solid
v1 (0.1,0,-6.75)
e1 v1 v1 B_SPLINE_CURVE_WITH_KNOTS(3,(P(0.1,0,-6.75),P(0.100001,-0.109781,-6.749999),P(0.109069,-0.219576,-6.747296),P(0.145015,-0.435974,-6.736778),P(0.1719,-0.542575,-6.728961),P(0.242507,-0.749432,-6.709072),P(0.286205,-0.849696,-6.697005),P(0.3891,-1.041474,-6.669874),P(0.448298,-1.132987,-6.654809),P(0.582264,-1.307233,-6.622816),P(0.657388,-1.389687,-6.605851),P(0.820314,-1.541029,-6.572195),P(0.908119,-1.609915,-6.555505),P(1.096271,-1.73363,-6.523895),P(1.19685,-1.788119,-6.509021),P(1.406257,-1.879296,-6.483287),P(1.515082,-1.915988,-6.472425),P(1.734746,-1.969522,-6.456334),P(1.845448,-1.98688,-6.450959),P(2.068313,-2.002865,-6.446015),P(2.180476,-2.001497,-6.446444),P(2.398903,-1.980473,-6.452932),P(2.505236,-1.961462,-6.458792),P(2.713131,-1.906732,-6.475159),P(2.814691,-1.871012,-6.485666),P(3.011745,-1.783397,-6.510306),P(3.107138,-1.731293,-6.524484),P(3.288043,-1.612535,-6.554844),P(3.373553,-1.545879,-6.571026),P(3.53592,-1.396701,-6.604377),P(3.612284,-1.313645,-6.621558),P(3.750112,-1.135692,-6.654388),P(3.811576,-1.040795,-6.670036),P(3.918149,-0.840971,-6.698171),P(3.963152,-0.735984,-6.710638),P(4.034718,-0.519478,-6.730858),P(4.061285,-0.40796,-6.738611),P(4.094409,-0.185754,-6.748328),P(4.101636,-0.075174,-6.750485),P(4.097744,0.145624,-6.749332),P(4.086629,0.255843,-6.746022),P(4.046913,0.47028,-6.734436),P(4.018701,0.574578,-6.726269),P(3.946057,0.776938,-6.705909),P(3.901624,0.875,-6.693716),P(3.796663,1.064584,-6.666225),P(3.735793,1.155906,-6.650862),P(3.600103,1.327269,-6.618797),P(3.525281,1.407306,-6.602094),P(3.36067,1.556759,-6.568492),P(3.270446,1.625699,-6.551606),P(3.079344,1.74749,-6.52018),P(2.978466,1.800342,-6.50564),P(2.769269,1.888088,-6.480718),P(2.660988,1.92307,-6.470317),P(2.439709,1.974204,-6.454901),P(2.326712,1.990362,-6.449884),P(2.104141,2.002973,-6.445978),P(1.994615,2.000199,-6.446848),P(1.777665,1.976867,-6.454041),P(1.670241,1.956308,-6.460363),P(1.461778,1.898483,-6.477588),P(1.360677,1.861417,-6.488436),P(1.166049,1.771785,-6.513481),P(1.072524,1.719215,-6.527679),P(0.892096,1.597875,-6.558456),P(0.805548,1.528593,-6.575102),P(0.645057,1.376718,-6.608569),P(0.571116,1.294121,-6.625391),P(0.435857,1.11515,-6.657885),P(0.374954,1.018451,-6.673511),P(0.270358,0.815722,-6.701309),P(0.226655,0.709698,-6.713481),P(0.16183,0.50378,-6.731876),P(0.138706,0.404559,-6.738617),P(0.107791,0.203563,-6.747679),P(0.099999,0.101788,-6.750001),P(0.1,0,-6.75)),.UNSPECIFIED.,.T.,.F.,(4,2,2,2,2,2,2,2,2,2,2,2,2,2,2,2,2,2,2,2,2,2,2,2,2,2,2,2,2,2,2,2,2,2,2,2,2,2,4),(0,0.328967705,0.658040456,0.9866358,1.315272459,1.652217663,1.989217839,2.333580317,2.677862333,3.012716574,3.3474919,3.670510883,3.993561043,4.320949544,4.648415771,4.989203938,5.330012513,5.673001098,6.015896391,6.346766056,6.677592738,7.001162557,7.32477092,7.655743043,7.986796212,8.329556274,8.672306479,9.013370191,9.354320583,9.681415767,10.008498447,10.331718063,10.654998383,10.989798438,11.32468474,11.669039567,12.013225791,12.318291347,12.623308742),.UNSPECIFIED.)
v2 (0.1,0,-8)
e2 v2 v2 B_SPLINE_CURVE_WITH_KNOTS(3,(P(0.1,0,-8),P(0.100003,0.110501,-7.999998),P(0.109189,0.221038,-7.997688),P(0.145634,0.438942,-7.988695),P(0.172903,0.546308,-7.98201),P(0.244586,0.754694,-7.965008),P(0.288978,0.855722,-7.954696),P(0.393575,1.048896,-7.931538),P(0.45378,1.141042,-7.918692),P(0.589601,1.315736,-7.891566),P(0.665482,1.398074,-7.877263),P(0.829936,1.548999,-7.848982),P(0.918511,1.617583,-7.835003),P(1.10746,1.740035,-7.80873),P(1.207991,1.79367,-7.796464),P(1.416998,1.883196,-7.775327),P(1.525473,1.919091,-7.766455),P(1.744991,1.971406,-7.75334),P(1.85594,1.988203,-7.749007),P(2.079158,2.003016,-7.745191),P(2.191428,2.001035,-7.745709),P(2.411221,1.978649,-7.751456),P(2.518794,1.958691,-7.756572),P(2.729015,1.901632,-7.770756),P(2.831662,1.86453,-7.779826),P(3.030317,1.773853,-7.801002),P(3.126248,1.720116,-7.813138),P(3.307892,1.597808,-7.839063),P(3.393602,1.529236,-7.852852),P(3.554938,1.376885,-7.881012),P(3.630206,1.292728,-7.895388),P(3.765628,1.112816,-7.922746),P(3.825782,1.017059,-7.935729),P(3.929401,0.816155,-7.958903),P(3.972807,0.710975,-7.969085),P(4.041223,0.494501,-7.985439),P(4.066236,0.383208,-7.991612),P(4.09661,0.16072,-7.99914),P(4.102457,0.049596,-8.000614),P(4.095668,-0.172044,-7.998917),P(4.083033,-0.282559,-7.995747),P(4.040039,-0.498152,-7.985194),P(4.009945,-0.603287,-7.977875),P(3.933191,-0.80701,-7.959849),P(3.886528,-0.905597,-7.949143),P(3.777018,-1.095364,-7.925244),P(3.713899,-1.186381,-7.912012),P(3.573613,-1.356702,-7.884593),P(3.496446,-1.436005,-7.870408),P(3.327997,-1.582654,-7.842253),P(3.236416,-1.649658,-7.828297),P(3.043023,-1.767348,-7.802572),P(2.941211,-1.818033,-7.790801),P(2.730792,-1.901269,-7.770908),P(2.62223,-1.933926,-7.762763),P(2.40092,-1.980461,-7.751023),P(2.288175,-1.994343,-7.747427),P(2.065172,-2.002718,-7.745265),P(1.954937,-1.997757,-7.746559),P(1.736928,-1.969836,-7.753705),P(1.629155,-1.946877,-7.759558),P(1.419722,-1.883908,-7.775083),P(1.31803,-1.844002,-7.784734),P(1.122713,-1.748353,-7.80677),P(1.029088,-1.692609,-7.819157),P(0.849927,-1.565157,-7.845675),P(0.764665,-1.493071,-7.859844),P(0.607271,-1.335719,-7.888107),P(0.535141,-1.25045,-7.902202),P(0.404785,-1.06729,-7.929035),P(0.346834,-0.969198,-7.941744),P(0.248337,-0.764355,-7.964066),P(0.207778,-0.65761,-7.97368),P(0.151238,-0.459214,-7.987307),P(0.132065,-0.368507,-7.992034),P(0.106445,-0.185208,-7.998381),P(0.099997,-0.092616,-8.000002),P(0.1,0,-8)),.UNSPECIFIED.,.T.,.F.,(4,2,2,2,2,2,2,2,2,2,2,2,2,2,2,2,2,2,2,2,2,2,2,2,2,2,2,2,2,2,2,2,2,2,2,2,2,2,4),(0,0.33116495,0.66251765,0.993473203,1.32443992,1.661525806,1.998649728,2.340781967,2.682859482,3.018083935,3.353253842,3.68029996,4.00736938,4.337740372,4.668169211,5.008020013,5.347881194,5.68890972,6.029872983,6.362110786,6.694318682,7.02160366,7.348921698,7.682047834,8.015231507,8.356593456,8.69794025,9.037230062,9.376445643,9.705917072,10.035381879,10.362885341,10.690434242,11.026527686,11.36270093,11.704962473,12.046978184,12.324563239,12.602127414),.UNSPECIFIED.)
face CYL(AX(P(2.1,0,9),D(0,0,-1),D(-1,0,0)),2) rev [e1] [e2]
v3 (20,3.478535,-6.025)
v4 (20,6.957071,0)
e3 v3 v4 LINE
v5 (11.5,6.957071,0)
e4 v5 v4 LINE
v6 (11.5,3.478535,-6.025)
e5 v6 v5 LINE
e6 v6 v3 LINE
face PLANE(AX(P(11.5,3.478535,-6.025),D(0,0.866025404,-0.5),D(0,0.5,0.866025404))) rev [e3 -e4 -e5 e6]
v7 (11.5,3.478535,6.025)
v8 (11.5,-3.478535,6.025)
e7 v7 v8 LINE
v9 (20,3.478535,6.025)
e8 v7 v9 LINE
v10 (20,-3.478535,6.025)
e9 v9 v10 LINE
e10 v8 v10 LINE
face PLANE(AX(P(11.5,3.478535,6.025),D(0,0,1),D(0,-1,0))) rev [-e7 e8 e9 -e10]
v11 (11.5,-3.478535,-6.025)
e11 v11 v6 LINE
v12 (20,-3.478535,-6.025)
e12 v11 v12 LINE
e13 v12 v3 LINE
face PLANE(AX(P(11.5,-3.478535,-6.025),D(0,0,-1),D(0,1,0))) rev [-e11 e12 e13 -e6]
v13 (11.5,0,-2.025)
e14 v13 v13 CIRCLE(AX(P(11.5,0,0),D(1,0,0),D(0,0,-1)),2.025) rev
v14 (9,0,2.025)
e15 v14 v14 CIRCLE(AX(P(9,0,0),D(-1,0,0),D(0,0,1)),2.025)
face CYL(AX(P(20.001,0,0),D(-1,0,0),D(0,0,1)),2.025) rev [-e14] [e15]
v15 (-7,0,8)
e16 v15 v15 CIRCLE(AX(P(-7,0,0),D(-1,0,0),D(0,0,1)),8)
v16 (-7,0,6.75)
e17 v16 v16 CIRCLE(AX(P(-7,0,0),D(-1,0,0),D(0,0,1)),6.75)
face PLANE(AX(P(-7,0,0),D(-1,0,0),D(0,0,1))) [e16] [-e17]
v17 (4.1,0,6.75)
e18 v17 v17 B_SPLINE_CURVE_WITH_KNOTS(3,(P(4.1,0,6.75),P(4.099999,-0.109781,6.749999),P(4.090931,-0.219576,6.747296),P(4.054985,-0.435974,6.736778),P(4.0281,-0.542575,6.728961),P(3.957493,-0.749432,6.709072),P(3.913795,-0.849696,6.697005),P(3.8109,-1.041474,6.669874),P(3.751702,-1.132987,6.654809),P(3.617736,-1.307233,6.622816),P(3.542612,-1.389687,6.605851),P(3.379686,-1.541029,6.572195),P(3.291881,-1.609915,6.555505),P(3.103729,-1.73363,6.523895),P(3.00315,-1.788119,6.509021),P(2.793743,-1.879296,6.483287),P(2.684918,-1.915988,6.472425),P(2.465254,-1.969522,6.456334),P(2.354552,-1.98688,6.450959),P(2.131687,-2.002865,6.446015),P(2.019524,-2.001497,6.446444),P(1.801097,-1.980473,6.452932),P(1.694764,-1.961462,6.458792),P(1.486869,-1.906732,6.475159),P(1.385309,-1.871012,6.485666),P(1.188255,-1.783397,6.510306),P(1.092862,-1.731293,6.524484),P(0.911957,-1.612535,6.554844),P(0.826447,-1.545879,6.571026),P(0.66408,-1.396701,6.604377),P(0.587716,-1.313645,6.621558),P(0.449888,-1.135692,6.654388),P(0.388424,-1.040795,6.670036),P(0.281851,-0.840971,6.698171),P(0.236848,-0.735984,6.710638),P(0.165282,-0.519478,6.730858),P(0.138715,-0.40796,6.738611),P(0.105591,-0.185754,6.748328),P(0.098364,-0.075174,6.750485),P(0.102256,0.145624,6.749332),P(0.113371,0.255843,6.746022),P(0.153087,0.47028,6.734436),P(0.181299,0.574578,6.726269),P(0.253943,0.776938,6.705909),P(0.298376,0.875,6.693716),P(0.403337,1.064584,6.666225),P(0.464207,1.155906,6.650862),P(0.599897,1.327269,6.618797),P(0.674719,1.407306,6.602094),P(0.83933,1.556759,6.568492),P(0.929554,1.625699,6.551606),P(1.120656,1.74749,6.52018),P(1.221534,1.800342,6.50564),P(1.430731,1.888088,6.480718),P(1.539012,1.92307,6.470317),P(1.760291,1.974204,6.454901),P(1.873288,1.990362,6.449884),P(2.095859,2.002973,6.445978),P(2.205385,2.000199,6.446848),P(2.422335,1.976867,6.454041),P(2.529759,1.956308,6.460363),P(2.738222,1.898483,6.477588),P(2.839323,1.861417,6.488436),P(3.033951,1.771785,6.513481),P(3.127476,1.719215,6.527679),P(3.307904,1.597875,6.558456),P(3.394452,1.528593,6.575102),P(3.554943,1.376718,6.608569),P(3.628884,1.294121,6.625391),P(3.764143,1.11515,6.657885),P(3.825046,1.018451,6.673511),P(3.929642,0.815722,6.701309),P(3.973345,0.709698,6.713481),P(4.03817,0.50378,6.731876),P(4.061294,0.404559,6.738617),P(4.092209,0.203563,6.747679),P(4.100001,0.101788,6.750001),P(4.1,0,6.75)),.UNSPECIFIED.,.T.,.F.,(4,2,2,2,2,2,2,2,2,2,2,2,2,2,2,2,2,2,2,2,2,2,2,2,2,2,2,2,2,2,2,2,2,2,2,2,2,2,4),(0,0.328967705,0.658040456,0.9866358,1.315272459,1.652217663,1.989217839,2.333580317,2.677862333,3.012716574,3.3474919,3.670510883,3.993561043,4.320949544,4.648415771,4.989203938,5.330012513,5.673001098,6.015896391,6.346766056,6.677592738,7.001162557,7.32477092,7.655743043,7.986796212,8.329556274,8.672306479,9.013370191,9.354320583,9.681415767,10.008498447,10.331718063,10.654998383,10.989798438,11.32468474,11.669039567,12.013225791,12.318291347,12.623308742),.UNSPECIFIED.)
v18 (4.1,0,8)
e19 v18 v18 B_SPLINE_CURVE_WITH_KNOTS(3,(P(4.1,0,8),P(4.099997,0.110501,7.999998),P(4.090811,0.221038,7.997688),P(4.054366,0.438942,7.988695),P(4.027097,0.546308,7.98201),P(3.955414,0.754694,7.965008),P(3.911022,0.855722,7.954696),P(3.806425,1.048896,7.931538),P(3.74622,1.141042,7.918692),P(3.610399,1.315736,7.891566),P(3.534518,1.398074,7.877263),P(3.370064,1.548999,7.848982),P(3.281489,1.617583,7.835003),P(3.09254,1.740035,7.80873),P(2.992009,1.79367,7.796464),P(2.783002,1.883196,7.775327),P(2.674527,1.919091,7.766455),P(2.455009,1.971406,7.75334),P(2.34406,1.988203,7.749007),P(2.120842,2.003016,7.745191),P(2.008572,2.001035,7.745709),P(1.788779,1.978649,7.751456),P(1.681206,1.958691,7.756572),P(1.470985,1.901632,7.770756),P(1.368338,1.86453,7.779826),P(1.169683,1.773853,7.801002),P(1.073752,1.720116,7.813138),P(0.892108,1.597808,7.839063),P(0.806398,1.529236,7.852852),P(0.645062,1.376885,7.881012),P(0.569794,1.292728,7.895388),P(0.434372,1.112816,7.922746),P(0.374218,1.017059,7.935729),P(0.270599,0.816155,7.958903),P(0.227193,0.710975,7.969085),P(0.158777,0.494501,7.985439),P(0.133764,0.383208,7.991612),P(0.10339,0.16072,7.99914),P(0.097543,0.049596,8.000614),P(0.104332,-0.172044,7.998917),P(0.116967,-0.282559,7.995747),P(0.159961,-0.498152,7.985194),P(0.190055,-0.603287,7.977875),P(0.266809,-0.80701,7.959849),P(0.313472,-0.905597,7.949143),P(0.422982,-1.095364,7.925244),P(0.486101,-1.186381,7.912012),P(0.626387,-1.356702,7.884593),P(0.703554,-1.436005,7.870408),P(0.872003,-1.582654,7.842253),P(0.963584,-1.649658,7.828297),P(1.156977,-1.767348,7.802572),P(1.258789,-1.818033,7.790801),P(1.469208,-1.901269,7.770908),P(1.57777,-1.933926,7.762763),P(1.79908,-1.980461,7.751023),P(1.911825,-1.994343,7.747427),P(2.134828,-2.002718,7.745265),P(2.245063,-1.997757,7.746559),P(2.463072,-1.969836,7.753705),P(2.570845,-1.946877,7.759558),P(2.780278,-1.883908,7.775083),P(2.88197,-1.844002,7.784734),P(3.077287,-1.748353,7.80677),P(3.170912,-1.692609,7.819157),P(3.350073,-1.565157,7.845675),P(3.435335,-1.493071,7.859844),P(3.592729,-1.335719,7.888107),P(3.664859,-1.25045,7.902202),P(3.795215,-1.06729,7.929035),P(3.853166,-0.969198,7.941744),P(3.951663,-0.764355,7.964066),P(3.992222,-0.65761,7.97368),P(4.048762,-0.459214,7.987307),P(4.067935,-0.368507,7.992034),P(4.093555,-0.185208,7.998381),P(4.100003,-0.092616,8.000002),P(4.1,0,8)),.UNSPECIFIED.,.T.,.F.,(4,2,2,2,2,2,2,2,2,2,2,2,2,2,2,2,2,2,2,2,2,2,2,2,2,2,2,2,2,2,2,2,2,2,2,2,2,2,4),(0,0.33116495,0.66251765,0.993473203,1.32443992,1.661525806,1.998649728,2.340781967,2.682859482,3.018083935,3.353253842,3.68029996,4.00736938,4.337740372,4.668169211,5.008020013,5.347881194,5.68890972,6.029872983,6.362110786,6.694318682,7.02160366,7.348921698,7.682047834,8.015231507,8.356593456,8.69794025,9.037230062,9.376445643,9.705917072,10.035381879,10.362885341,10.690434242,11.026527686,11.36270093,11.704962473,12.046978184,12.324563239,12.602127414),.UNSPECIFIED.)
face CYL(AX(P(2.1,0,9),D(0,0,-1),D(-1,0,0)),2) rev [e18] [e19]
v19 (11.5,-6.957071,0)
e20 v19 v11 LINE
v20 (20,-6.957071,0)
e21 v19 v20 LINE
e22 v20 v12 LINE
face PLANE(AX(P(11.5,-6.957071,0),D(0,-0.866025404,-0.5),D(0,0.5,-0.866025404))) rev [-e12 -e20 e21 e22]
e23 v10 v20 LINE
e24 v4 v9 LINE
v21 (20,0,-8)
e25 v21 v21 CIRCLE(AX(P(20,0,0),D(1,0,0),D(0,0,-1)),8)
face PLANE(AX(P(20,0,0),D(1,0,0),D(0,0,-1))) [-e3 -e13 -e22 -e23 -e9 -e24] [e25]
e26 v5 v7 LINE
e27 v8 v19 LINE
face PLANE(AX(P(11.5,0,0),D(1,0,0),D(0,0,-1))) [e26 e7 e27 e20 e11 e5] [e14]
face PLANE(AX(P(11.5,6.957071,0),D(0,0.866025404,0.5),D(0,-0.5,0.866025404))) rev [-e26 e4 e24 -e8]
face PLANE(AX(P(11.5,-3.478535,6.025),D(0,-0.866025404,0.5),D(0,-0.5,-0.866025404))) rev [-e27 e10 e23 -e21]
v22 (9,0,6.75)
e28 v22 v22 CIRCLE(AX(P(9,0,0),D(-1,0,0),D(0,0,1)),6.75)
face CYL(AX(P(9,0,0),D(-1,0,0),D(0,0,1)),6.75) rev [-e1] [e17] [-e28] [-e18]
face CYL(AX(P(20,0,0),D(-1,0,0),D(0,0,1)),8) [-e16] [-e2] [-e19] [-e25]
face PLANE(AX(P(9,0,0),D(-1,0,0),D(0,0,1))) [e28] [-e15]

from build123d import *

# Parameters (mm, degrees)
CROQUIS1_R                 = 8
SALIENTE_EXTRUIR1_DEPTH    = 20
CORTAR_EXTRUIR1_DEPTH      = 8.5
CROQUIS3_R                 = 6.75
CORTAR_EXTRUIR2_DEPTH      = 9
CORTAR_EXTRUIR3_REACH      = 17.78
CROQUIS4_R                 = 2.025
CORTAR_EXTRUIR4_DEPTH      = 9
CORTAR_EXTRUIR4_DEPTH_BACK = 23.978250586
CROQUIS5_R                 = 2
SALIENTE_EXTRUIR2_START    = 7
CROQUIS6_R                 = 8
CROQUIS6_R_2               = 6.75
SALIENTE_EXTRUIR2_DEPTH    = 7


with BuildPart() as part:
    # Croquis1 → Saliente-Extruir1 (new body)
    with BuildSketch(Plane(origin=(0, 0, 0), x_dir=(0, 0, -1), z_dir=(1, 0, 0))):
        Circle(CROQUIS1_R)
    extrude(amount=SALIENTE_EXTRUIR1_DEPTH)

    # Croquis2 → Cortar-Extruir1 (cut)
    with BuildSketch(Plane(origin=(20, 0, 0), x_dir=(0, 0, -1), z_dir=(1, 0, 0))):
        Polygon((0, -6.957070744), (6.025, -3.478535372), (6.025, 3.478535372), (0, 6.957070744), (-6.025, 3.478535372), (-6.025, -3.478535372), align=None)
    extrude(amount=-CORTAR_EXTRUIR1_DEPTH, mode=Mode.SUBTRACT)

    # Croquis3 → Cortar-Extruir2 (cut)
    with BuildSketch(Plane.ZY):
        Circle(CROQUIS3_R)
    extrude(amount=-CORTAR_EXTRUIR2_DEPTH, mode=Mode.SUBTRACT)

    # Croquis4 → Cortar-Extruir3 (cut, up to next)
    with BuildSketch(Plane.ZY.offset(-9), mode=Mode.PRIVATE) as cortar_extruir3_sk1:
        Circle(CROQUIS4_R)
    cortar_extruir3_tool1 = extrude(cortar_extruir3_sk1.sketch, amount=-CORTAR_EXTRUIR3_REACH, mode=Mode.PRIVATE) & part.part
    add(cortar_extruir3_tool1.solids().sort_by_distance((9, 0, 0))[0], mode=Mode.SUBTRACT)

    # Croquis5 → Cortar-Extruir4 (cut, two sides: drawn at the far end of the back side and taken through both)
    with BuildSketch(Plane.XY.offset(-CORTAR_EXTRUIR4_DEPTH_BACK)):
        with Locations(Location((2.1, 0, 0), (0, 0, 180))):
            Circle(CROQUIS5_R)
    extrude(amount=CORTAR_EXTRUIR4_DEPTH + CORTAR_EXTRUIR4_DEPTH_BACK, mode=Mode.SUBTRACT)

    # Croquis6 → Saliente-Extruir2 (add)
    with BuildSketch(Plane.ZY.offset(SALIENTE_EXTRUIR2_START)):
        Circle(CROQUIS6_R)
        Circle(CROQUIS6_R_2, mode=Mode.SUBTRACT)
    extrude(amount=-SALIENTE_EXTRUIR2_DEPTH)


solid = part.part
